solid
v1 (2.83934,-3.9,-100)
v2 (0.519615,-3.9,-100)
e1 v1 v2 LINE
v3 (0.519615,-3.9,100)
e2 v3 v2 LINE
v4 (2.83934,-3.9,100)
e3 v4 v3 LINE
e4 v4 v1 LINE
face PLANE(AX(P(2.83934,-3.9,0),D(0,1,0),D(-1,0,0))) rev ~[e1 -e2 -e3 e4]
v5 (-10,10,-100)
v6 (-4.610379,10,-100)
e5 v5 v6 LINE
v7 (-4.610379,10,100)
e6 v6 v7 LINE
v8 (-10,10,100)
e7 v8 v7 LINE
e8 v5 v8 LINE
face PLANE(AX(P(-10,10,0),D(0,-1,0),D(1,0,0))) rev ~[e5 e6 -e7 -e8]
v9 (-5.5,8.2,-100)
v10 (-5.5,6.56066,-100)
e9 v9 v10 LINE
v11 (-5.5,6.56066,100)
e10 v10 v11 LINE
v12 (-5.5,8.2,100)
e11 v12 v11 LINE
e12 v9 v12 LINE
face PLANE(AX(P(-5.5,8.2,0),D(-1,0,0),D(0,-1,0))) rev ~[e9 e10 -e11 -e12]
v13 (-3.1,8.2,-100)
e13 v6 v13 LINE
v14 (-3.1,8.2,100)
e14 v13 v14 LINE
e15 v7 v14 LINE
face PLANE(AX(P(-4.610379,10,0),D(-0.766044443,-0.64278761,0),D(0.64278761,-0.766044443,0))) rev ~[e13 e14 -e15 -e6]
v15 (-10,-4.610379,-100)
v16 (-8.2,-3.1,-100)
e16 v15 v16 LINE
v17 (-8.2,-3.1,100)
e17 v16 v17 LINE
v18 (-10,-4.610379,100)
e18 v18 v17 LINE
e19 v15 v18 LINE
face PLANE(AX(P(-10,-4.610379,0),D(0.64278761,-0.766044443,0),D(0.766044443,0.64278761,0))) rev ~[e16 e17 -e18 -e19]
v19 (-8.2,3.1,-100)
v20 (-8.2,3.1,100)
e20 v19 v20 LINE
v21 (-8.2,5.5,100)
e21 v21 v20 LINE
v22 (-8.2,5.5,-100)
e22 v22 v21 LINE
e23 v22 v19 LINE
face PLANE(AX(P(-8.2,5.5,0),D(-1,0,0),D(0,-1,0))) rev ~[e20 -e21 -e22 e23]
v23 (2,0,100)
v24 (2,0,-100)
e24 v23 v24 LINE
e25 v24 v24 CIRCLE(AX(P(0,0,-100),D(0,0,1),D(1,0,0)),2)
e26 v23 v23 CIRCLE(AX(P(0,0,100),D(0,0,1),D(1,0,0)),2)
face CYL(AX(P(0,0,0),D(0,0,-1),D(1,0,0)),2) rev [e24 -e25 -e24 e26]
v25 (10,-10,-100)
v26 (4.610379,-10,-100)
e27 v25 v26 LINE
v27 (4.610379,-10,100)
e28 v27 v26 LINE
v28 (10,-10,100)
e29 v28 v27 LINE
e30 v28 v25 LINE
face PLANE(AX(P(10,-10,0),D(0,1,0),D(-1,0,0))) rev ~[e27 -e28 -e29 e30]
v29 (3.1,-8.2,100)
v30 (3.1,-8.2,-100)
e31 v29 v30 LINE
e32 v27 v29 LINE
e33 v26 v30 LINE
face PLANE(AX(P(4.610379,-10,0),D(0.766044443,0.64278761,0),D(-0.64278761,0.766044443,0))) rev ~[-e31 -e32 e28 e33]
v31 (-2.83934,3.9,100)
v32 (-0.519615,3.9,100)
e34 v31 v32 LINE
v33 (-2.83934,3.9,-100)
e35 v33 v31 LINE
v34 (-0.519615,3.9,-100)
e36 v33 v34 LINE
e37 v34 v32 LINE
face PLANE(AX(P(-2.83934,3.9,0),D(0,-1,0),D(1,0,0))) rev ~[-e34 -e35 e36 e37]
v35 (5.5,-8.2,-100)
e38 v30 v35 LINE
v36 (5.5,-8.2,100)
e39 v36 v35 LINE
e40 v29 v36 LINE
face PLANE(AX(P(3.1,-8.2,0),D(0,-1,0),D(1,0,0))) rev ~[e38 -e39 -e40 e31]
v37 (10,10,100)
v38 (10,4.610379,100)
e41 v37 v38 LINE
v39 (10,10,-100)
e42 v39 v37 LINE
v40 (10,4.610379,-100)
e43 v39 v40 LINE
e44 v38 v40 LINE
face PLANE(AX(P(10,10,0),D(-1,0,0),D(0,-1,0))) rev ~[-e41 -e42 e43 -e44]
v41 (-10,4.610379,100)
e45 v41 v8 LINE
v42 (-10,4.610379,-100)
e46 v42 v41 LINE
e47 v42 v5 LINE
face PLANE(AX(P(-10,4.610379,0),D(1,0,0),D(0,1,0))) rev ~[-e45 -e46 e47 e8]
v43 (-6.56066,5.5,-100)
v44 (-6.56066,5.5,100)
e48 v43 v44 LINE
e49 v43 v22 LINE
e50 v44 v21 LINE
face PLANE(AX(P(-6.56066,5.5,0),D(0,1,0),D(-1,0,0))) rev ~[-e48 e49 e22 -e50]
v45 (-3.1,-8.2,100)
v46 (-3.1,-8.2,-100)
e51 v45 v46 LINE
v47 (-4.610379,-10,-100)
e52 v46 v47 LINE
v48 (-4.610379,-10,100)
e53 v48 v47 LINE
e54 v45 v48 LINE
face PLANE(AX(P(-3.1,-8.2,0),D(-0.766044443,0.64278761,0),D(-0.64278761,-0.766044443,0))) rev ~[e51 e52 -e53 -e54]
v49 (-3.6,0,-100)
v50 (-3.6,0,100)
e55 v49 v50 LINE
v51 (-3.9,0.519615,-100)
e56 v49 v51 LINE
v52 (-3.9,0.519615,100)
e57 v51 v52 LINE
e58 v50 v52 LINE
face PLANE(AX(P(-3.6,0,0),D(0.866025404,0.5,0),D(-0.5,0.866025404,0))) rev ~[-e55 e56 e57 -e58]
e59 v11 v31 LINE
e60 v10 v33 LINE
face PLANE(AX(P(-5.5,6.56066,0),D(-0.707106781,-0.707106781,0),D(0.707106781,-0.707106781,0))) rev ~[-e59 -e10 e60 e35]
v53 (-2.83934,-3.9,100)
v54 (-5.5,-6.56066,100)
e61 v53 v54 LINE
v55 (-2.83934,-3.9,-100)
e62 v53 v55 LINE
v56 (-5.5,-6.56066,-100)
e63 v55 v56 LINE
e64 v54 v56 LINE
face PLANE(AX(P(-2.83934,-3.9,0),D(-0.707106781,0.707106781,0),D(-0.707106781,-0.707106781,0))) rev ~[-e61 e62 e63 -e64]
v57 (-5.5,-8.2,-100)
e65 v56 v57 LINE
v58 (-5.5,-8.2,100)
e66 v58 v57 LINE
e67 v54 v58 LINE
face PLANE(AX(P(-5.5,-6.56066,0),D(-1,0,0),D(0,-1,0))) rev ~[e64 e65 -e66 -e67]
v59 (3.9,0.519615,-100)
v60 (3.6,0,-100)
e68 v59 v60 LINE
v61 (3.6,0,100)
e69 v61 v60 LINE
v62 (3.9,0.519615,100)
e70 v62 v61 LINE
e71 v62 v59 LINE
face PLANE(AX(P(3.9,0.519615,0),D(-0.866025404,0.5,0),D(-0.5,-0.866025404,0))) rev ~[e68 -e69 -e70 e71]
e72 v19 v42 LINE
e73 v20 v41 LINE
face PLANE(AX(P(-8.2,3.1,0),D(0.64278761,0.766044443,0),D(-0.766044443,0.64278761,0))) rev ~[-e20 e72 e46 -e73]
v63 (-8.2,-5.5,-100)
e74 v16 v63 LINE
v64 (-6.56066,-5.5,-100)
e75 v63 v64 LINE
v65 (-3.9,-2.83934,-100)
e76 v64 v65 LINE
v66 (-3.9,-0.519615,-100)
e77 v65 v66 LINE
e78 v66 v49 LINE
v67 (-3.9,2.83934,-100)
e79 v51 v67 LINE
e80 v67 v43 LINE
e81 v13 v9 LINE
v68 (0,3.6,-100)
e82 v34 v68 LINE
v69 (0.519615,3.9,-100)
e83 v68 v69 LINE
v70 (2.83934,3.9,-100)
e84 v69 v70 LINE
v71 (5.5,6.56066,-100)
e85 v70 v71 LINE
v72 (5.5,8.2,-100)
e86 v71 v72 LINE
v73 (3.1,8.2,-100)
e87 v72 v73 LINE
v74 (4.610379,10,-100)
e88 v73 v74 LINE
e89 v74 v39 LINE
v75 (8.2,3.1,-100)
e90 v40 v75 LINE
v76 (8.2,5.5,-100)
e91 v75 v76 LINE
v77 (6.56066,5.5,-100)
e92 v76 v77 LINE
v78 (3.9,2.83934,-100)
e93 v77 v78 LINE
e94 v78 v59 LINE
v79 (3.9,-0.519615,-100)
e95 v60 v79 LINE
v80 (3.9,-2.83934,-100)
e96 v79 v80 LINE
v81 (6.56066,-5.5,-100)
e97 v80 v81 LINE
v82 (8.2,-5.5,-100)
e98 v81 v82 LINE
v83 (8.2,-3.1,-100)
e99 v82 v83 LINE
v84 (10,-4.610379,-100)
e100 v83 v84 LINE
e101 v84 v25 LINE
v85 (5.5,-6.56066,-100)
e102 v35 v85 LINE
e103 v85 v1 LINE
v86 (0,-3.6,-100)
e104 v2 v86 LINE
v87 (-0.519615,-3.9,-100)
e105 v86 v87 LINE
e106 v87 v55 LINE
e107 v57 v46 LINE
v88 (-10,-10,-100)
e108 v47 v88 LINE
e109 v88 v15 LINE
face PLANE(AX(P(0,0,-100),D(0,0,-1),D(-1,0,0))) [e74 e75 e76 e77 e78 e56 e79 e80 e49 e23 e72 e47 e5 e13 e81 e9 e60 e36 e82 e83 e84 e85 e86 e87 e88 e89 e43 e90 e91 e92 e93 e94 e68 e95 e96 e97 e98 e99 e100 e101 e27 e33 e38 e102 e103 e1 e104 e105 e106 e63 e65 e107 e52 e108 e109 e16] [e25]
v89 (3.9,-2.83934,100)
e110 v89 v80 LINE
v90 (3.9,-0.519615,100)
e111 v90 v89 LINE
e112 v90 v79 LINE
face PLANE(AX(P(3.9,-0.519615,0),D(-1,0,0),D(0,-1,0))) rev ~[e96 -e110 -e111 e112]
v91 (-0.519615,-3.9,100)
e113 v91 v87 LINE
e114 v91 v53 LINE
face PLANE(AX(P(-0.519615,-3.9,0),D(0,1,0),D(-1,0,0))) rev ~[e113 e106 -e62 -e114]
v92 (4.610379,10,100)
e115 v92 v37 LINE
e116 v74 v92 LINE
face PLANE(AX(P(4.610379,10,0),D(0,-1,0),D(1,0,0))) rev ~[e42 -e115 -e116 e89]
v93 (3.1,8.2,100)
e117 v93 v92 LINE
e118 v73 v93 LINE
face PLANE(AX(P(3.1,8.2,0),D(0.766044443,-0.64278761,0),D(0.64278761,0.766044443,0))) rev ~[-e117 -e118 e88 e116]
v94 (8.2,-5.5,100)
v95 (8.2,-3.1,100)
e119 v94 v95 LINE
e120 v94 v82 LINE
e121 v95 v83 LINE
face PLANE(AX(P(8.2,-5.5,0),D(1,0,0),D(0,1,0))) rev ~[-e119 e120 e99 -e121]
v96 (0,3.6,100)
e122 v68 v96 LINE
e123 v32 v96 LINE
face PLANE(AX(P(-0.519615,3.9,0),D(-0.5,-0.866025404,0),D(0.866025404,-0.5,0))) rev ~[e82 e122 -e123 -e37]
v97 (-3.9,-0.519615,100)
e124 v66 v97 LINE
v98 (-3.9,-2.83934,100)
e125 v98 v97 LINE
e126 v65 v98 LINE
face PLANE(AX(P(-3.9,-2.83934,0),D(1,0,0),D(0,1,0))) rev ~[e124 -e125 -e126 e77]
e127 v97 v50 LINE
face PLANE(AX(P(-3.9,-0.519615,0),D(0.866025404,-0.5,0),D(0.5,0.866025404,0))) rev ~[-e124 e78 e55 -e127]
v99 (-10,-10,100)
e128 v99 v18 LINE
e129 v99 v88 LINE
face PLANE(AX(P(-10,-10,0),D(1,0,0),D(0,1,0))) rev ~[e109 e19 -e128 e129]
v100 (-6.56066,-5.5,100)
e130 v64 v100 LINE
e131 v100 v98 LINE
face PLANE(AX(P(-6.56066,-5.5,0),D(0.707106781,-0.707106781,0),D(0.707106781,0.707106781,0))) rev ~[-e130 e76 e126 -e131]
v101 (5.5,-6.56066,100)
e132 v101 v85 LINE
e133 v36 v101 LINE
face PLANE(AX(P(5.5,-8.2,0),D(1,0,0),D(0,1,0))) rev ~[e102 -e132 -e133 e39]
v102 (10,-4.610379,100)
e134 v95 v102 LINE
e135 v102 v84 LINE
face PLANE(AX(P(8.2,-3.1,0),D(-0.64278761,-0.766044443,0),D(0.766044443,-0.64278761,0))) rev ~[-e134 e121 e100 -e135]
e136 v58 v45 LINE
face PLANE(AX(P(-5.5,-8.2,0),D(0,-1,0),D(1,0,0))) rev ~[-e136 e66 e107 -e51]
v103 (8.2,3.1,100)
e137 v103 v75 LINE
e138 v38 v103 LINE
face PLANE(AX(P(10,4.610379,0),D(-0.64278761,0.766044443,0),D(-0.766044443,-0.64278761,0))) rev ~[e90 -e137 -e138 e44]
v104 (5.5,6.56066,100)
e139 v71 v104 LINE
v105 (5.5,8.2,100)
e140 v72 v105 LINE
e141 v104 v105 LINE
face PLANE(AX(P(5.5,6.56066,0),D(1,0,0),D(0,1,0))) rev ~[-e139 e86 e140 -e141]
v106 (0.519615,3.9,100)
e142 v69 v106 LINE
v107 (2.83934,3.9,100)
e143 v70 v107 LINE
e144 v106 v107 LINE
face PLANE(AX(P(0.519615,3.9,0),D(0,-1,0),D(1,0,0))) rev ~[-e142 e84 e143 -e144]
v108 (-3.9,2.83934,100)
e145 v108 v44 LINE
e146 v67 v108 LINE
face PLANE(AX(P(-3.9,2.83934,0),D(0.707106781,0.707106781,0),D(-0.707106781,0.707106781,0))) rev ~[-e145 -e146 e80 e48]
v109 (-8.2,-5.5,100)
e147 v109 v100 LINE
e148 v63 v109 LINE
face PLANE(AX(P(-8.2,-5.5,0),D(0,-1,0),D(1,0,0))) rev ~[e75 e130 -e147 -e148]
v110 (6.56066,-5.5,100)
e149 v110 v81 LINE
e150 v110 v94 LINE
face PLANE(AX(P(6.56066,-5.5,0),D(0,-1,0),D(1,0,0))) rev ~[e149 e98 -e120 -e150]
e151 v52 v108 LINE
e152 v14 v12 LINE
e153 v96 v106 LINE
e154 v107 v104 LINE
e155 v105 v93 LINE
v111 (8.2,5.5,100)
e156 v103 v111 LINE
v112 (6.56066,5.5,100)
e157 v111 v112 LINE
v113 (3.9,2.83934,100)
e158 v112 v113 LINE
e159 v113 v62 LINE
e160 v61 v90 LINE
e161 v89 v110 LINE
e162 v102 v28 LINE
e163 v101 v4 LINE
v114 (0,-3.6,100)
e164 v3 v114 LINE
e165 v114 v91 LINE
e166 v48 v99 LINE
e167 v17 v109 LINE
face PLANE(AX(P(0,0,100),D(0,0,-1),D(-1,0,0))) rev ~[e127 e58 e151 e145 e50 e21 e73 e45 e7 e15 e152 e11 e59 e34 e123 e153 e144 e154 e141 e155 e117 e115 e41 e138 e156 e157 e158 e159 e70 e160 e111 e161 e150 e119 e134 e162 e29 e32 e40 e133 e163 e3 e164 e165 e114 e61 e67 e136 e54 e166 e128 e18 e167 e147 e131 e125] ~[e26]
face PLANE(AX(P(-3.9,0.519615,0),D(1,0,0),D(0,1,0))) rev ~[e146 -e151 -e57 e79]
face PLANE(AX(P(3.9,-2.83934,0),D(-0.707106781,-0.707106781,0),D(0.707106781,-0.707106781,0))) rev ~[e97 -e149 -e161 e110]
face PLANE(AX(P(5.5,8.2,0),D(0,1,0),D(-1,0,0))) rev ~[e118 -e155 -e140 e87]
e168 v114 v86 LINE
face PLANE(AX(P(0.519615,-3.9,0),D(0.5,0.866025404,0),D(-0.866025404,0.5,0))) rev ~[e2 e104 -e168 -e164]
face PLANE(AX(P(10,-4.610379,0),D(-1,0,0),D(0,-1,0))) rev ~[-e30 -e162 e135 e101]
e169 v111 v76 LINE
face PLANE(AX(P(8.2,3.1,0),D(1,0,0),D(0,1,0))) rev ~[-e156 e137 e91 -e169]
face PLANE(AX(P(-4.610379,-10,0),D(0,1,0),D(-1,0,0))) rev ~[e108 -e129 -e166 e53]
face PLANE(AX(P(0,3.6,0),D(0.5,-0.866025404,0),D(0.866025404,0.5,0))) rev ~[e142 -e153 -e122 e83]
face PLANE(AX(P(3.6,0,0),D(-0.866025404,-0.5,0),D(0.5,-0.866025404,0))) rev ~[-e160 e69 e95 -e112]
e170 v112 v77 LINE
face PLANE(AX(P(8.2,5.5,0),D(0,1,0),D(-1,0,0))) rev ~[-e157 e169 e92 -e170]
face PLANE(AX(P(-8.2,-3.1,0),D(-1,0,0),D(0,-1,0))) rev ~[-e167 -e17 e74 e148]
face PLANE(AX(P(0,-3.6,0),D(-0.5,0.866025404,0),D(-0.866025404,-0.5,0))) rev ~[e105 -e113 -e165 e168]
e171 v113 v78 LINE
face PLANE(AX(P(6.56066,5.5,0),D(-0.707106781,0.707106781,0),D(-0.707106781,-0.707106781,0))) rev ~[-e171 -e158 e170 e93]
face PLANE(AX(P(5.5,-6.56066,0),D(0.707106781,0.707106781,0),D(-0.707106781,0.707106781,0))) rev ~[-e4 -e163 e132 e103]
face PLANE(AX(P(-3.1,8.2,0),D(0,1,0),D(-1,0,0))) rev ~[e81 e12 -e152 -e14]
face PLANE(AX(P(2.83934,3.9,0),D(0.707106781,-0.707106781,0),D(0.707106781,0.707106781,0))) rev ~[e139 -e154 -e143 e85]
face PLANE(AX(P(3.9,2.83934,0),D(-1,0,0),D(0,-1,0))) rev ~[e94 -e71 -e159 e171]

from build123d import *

# Parameters (mm, degrees)
SKETCH1_R           = 2
BOSS_EXTRUDE1_DEPTH = 100


with BuildPart() as part:
    # Sketch1 → Boss-Extrude1 (new body, symmetric)
    with BuildSketch(Plane.XY):
        Polygon((10, 10), (10, 4.610379336), (8.2, 3.1), (8.2, 5.5), (6.560660172, 5.5), (3.9, 2.839339828), (3.9, 0.519615242), (3.6, 0), (3.9, -0.519615242), (3.9, -2.839339828), (6.560660172, -5.5), (8.2, -5.5), (8.2, -3.1), (10, -4.610379336), (10, -10), (4.610379336, -10), (3.1, -8.2), (5.5, -8.2), (5.5, -6.560660172), (2.839339828, -3.9), (0.519615242, -3.9), (0, -3.6), (-0.519615242, -3.9), (-2.839339828, -3.9), (-5.5, -6.560660172), (-5.5, -8.2), (-3.1, -8.2), (-4.610379336, -10), (-10, -10), (-10, -4.610379336), (-8.2, -3.1), (-8.2, -5.5), (-6.560660172, -5.5), (-3.9, -2.839339828), (-3.9, -0.519615242), (-3.6, 0), (-3.9, 0.519615242), (-3.9, 2.839339828), (-6.560660172, 5.5), (-8.2, 5.5), (-8.2, 3.1), (-10, 4.610379336), (-10, 10), (-4.610379336, 10), (-3.1, 8.2), (-5.5, 8.2), (-5.5, 6.560660172), (-2.839339828, 3.9), (-0.519615242, 3.9), (0, 3.6), (0.519615242, 3.9), (2.839339828, 3.9), (5.5, 6.560660172), (5.5, 8.2), (3.1, 8.2), (4.610379336, 10), align=None)
        Circle(SKETCH1_R, mode=Mode.SUBTRACT)
    extrude(amount=BOSS_EXTRUDE1_DEPTH, both=True)


solid = part.part
